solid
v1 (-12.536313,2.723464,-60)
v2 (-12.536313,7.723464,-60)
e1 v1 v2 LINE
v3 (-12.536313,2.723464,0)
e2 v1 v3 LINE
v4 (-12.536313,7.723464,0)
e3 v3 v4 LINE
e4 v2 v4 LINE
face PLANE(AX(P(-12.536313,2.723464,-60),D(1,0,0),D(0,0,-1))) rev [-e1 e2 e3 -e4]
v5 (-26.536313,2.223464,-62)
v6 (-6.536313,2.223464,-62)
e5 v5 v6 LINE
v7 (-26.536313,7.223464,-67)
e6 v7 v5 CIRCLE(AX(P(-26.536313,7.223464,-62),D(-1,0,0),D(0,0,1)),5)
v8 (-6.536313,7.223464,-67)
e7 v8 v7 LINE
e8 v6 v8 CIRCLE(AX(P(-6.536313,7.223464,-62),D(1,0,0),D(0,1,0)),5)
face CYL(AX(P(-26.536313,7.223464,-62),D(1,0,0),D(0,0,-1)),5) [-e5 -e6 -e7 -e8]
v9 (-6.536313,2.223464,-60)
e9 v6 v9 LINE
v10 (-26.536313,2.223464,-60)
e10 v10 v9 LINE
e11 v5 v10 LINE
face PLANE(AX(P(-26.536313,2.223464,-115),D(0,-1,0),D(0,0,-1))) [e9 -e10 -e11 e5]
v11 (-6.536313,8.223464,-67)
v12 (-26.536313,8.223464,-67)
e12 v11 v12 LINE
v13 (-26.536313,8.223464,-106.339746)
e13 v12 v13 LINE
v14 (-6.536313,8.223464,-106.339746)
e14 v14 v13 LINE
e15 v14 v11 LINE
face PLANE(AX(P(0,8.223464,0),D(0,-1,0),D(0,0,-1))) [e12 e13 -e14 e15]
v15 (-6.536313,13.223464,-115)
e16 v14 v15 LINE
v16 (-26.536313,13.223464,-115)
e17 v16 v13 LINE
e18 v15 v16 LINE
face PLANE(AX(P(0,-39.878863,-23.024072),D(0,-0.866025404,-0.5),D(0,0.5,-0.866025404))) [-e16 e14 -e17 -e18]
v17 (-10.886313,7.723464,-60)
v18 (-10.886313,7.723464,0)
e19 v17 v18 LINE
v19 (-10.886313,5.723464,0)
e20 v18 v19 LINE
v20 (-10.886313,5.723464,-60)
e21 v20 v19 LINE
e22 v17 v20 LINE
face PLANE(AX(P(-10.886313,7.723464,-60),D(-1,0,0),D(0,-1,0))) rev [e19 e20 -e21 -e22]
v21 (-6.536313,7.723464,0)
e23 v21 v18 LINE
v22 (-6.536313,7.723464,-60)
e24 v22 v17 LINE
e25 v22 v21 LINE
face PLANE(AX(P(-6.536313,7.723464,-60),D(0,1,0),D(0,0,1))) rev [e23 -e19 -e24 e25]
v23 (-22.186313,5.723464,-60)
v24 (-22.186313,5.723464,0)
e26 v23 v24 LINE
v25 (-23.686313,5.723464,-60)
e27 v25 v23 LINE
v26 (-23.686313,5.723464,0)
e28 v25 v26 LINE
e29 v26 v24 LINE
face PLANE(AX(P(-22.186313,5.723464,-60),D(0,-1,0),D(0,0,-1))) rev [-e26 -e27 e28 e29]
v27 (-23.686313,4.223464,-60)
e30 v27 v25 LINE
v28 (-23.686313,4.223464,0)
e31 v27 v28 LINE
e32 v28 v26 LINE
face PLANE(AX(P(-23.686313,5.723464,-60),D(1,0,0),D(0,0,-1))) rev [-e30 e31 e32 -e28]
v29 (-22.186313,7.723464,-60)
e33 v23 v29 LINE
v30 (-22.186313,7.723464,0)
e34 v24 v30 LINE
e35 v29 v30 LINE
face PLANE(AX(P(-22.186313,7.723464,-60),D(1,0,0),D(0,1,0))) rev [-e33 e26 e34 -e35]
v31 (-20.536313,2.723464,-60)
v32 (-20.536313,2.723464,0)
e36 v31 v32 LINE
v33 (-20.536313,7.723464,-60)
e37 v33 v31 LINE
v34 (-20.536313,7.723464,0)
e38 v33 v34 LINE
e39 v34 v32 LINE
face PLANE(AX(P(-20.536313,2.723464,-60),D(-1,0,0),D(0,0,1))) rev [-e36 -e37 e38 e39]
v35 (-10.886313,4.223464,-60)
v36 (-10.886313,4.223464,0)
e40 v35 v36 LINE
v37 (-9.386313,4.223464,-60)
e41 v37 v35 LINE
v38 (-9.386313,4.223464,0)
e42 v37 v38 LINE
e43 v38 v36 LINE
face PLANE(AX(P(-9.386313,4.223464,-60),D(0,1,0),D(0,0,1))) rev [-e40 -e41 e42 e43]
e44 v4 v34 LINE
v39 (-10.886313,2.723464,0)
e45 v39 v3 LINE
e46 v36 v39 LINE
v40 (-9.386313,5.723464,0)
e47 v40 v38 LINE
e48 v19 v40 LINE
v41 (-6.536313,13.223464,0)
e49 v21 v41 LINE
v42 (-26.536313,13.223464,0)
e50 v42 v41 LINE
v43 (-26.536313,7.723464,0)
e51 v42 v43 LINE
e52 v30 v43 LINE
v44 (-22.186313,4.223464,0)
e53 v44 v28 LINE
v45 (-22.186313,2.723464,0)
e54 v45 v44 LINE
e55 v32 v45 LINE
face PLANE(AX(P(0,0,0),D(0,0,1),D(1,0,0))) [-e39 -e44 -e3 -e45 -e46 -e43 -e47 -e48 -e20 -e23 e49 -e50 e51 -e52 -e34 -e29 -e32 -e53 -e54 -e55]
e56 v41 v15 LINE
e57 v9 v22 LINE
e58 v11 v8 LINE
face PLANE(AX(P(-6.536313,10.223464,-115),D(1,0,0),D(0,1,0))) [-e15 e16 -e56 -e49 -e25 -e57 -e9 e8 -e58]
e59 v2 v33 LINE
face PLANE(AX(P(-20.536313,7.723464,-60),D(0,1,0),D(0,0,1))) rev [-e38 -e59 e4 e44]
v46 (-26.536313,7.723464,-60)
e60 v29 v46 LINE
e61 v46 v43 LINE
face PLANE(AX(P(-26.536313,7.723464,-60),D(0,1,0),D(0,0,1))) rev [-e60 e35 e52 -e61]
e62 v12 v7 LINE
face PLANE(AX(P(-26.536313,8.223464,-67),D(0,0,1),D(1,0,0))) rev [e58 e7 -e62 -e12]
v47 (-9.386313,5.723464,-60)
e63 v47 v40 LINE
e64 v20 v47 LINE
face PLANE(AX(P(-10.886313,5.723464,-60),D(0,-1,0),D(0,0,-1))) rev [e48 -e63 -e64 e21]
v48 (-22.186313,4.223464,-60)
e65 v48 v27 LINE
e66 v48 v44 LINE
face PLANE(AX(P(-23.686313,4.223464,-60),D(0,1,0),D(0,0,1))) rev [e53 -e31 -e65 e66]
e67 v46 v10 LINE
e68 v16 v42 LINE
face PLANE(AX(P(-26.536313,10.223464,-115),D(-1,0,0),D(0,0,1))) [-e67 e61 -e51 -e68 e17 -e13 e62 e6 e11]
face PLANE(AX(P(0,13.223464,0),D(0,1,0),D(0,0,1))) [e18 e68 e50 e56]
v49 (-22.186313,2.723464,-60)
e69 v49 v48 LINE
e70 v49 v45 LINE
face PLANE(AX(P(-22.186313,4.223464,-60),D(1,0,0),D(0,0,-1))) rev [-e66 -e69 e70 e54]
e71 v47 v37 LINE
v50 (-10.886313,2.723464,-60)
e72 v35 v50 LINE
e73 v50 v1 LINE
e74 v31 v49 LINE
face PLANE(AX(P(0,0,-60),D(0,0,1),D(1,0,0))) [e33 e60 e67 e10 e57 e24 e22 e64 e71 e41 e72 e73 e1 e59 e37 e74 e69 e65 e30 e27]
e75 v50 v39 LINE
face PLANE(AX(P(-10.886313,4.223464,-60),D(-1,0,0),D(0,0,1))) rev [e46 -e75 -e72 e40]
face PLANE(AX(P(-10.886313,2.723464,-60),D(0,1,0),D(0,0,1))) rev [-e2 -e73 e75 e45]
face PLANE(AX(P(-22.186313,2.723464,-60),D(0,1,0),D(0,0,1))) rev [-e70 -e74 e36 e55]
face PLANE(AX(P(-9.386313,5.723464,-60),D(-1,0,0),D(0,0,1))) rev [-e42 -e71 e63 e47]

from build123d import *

# Parameters (mm, degrees)
SKETCH1_W           = 20
SKETCH1_H           = 8
BOSS_EXTRUDE1_DEPTH = 115
CUT_EXTRUDE1_DEPTH  = 60
SKETCH3_W           = 20
SKETCH3_H           = 115
BOSS_EXTRUDE2_DEPTH = 3
SKETCH13_W          = 46.736094472
SKETCH13_H          = 63.842099498
CUT_EXTRUDE5_DEPTH  = 30
SKETCH15_W          = 20
SKETCH15_H          = 40
CUT_EXTRUDE6_DEPTH  = 6
FILLET1_R           = 5


with BuildPart() as part:
    # Sketch1 → Boss-Extrude1 (new body)
    with BuildSketch(Plane.XY):
        with Locations((-16.536312849, 6.223463687)):
            Rectangle(SKETCH1_W, SKETCH1_H)
    extrude(amount=-BOSS_EXTRUDE1_DEPTH)

    # Sketch2 → Cut-Extrude1 (cut)
    with BuildSketch(Plane.XY):
        Polygon((-26.536312849, 7.723463687), (-22.186312849, 7.723463687), (-22.186312849, 5.723463687), (-23.686312849, 5.723463687), (-23.686312849, 4.223463687), (-22.186312849, 4.223463687), (-22.186312849, 2.723463687), (-20.536312849, 2.723463687), (-20.536312849, 7.723463687), (-12.536312849, 7.723463687), (-12.536312849, 2.723463687), (-10.886312849, 2.723463687), (-10.886312849, 4.223463687), (-9.386312849, 4.223463687), (-9.386312849, 5.723463687), (-10.886312849, 5.723463687), (-10.886312849, 7.723463687), (-6.536312849, 7.723463687), (-6.536312849, 2.223463687), (-26.536312849, 2.223463687), align=None)
    extrude(amount=-CUT_EXTRUDE1_DEPTH, mode=Mode.SUBTRACT)

    # Sketch3 → Boss-Extrude2 (add)
    with BuildSketch(Plane(origin=(0, 10.223463687, 0), x_dir=(1, 0, 0), z_dir=(0, 1, 0))):
        with Locations((-16.536312849, 57.5)):
            Rectangle(SKETCH3_W, SKETCH3_H)
    extrude(amount=BOSS_EXTRUDE2_DEPTH)

    # Sketch13 → Cut-Extrude5 (cut)
    with BuildSketch(Plane(origin=(0, -39.878862952, -23.02407226), x_dir=(-1, 0, 0), z_dir=(0, 0.866025403784438, 0.500000000000001))):
        with Locations((16.217588554, -100.321082734)):
            Rectangle(SKETCH13_W, SKETCH13_H)
    extrude(amount=-CUT_EXTRUDE5_DEPTH, mode=Mode.SUBTRACT)

    # Sketch15 → Cut-Extrude6 (cut)
    with BuildSketch(Plane.XZ.offset(-2.223463687)):
        with Locations((-16.536312849, -87)):
            Rectangle(SKETCH15_W, SKETCH15_H)
    extrude(amount=-CUT_EXTRUDE6_DEPTH, mode=Mode.SUBTRACT)

    # Fillet1
    fillet1_edges = [part.edges().sort_by_distance(p)[0] for p in [
        (-16.536312849, 2.223463687, -67),
    ]]
    fillet(fillet1_edges, radius=FILLET1_R)


solid = part.part
